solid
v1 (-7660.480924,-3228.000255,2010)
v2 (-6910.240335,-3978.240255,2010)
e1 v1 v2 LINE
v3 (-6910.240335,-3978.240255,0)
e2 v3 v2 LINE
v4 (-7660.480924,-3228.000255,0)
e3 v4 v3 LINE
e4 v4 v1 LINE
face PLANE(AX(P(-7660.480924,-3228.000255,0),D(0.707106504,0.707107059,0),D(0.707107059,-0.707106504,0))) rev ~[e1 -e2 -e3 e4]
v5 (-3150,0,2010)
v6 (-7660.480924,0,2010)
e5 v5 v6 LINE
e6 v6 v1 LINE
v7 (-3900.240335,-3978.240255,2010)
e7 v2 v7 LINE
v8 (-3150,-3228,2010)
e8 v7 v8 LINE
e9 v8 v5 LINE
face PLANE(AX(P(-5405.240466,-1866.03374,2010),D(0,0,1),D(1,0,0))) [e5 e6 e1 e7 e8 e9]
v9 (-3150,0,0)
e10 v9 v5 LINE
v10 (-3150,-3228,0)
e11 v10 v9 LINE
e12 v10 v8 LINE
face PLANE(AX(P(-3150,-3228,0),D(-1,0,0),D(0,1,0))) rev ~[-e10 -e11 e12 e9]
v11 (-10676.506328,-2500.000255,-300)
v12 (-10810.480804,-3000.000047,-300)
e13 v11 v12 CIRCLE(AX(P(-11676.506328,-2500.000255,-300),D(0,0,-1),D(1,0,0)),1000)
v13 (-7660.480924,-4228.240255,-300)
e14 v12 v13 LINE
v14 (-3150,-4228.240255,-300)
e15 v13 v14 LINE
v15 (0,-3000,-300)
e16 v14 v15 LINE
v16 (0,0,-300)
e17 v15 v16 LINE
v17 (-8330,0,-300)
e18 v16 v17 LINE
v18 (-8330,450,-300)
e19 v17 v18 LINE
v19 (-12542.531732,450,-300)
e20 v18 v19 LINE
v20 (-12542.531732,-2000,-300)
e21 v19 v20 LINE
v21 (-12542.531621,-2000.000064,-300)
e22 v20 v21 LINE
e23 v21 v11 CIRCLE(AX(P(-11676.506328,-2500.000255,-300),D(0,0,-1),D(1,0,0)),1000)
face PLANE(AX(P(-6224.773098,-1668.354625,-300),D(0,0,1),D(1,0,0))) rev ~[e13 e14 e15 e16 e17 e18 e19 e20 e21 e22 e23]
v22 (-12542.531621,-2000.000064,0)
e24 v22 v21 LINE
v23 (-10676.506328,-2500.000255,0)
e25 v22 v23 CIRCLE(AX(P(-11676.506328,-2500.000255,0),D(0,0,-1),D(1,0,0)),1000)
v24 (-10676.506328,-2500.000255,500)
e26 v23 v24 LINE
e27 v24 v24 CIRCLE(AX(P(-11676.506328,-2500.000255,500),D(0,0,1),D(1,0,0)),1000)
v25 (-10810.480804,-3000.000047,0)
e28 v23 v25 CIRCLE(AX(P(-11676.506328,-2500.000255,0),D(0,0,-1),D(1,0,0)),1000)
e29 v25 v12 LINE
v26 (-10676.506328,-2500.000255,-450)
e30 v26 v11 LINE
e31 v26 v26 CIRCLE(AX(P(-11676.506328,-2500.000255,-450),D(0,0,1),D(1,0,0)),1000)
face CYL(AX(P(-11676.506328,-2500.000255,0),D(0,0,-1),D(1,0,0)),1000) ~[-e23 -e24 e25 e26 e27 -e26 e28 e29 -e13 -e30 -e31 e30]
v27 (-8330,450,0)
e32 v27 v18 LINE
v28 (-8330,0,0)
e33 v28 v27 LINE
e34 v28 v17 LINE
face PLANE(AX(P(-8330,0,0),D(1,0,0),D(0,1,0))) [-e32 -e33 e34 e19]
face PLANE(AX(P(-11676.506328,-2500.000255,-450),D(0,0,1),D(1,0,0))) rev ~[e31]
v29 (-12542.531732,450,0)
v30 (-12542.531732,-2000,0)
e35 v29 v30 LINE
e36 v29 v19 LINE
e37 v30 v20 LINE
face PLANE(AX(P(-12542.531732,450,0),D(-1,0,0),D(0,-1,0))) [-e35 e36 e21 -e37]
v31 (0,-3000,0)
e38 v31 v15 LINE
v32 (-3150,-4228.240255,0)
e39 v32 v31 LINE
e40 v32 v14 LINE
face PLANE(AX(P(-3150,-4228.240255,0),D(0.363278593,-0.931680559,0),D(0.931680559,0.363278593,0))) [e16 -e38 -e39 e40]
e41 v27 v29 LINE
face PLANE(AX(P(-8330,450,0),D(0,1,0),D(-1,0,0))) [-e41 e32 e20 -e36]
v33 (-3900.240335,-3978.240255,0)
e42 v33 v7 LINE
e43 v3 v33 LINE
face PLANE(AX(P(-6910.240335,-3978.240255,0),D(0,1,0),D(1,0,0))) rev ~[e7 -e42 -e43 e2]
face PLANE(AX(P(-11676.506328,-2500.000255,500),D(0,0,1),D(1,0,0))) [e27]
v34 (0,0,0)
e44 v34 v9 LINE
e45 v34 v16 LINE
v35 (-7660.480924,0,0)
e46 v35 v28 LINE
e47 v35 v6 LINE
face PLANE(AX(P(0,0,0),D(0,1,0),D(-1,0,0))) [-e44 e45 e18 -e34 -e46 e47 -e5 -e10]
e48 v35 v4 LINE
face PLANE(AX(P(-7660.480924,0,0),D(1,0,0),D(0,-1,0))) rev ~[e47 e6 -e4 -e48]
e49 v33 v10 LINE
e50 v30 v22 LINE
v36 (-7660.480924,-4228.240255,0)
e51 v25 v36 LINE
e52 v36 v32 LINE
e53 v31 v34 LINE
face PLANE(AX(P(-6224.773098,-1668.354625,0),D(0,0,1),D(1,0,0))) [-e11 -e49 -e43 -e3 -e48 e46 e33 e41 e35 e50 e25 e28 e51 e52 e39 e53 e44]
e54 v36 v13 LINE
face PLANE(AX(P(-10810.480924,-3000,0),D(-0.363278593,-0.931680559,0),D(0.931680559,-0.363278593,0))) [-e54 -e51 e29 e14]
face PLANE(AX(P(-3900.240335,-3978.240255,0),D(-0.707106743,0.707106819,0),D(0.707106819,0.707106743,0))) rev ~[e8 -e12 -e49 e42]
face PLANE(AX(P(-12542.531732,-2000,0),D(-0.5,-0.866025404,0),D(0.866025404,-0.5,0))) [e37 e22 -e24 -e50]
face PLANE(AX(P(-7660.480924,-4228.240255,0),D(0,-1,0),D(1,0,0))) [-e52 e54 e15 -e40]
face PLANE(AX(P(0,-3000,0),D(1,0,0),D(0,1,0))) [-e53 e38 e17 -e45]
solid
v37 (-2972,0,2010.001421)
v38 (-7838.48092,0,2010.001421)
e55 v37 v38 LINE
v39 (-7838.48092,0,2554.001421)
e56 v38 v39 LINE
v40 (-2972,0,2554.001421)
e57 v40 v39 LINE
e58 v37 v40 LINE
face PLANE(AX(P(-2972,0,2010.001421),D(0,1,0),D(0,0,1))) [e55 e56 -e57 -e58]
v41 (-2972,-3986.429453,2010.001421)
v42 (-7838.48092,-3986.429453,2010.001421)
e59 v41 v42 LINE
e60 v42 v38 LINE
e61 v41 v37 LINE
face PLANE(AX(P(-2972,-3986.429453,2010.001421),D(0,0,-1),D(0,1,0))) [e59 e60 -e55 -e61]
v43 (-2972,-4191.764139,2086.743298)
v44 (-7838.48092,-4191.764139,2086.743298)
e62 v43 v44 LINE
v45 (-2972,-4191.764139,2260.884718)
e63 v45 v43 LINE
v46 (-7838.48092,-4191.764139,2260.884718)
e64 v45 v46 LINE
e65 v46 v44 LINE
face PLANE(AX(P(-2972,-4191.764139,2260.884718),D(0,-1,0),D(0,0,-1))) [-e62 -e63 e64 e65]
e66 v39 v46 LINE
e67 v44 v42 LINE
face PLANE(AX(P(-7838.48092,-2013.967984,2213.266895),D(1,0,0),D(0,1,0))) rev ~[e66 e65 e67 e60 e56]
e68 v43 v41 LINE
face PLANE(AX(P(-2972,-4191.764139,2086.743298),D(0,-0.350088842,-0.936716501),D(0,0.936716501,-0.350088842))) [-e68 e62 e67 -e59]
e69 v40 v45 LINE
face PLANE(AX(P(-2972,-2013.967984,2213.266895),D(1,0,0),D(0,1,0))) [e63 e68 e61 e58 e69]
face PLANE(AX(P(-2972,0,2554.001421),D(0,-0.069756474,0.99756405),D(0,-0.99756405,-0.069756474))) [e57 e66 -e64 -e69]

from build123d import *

# Parameters (mm, degrees)
F2_R      = 1000
F3_DEPTH  = 500
F3_FACE_R = 1000
F4_DEPTH  = 950
F5_DEPTH  = 300
F6_DEPTH  = 2010
F9_DEPTH  = 4866.48092


with BuildPart() as f3:
    # F2 (on Top) → F3 (new body)
    with BuildSketch(Plane.XY):
        with Locations((-11676.506328, -2500.000255)):
            Circle(F2_R)
    extrude(amount=F3_DEPTH)

    # F3_face (on face) → F4 (join)
    with BuildSketch(Plane(origin=(-11676.506328, -2500.000255, 500), x_dir=(1, 0, 0), z_dir=(0, 0, 1))):
        Circle(F3_FACE_R)
    extrude(amount=-F4_DEPTH)

    # F1 (on Top) → F5 (join)
    with BuildSketch(Plane.XY):
        Polygon((0, -3000), (0, 0), (-8330, 0), (-8330, 450), (-12542.531732, 450), (-12542.531732, -2000), (-10810.480924, -3000), (-7660.480924, -4228.240255), (-3150, -4228.240255), align=None)
    extrude(amount=-F5_DEPTH)

    # F0 (on Top) → F6 (join)
    with BuildSketch(Plane.XY):
        Polygon((-7572.092543, 0), (-7660.480924, 0), (-7660.480924, -3228.000255), (-6910.240335, -3978.240255), (-3900.240335, -3978.240255), (-3150, -3228), (-3150, 0), (-3450, 0), (-4240, 0), (-5815, 0), (-6870, 0), align=None)
    extrude(amount=F6_DEPTH)


with BuildPart() as f9:
    # F8 (on offset) → F9 (new body)
    with BuildSketch(Plane.YZ.offset(-2972)):
        Polygon((-3986.429453, 2010.001421), (0, 2010.001421), (0, 2554.001421), (-4191.764139, 2260.884718), (-4191.764139, 2086.743298), align=None)
    extrude(amount=-F9_DEPTH)


solid = Compound([f3.part, f9.part])
